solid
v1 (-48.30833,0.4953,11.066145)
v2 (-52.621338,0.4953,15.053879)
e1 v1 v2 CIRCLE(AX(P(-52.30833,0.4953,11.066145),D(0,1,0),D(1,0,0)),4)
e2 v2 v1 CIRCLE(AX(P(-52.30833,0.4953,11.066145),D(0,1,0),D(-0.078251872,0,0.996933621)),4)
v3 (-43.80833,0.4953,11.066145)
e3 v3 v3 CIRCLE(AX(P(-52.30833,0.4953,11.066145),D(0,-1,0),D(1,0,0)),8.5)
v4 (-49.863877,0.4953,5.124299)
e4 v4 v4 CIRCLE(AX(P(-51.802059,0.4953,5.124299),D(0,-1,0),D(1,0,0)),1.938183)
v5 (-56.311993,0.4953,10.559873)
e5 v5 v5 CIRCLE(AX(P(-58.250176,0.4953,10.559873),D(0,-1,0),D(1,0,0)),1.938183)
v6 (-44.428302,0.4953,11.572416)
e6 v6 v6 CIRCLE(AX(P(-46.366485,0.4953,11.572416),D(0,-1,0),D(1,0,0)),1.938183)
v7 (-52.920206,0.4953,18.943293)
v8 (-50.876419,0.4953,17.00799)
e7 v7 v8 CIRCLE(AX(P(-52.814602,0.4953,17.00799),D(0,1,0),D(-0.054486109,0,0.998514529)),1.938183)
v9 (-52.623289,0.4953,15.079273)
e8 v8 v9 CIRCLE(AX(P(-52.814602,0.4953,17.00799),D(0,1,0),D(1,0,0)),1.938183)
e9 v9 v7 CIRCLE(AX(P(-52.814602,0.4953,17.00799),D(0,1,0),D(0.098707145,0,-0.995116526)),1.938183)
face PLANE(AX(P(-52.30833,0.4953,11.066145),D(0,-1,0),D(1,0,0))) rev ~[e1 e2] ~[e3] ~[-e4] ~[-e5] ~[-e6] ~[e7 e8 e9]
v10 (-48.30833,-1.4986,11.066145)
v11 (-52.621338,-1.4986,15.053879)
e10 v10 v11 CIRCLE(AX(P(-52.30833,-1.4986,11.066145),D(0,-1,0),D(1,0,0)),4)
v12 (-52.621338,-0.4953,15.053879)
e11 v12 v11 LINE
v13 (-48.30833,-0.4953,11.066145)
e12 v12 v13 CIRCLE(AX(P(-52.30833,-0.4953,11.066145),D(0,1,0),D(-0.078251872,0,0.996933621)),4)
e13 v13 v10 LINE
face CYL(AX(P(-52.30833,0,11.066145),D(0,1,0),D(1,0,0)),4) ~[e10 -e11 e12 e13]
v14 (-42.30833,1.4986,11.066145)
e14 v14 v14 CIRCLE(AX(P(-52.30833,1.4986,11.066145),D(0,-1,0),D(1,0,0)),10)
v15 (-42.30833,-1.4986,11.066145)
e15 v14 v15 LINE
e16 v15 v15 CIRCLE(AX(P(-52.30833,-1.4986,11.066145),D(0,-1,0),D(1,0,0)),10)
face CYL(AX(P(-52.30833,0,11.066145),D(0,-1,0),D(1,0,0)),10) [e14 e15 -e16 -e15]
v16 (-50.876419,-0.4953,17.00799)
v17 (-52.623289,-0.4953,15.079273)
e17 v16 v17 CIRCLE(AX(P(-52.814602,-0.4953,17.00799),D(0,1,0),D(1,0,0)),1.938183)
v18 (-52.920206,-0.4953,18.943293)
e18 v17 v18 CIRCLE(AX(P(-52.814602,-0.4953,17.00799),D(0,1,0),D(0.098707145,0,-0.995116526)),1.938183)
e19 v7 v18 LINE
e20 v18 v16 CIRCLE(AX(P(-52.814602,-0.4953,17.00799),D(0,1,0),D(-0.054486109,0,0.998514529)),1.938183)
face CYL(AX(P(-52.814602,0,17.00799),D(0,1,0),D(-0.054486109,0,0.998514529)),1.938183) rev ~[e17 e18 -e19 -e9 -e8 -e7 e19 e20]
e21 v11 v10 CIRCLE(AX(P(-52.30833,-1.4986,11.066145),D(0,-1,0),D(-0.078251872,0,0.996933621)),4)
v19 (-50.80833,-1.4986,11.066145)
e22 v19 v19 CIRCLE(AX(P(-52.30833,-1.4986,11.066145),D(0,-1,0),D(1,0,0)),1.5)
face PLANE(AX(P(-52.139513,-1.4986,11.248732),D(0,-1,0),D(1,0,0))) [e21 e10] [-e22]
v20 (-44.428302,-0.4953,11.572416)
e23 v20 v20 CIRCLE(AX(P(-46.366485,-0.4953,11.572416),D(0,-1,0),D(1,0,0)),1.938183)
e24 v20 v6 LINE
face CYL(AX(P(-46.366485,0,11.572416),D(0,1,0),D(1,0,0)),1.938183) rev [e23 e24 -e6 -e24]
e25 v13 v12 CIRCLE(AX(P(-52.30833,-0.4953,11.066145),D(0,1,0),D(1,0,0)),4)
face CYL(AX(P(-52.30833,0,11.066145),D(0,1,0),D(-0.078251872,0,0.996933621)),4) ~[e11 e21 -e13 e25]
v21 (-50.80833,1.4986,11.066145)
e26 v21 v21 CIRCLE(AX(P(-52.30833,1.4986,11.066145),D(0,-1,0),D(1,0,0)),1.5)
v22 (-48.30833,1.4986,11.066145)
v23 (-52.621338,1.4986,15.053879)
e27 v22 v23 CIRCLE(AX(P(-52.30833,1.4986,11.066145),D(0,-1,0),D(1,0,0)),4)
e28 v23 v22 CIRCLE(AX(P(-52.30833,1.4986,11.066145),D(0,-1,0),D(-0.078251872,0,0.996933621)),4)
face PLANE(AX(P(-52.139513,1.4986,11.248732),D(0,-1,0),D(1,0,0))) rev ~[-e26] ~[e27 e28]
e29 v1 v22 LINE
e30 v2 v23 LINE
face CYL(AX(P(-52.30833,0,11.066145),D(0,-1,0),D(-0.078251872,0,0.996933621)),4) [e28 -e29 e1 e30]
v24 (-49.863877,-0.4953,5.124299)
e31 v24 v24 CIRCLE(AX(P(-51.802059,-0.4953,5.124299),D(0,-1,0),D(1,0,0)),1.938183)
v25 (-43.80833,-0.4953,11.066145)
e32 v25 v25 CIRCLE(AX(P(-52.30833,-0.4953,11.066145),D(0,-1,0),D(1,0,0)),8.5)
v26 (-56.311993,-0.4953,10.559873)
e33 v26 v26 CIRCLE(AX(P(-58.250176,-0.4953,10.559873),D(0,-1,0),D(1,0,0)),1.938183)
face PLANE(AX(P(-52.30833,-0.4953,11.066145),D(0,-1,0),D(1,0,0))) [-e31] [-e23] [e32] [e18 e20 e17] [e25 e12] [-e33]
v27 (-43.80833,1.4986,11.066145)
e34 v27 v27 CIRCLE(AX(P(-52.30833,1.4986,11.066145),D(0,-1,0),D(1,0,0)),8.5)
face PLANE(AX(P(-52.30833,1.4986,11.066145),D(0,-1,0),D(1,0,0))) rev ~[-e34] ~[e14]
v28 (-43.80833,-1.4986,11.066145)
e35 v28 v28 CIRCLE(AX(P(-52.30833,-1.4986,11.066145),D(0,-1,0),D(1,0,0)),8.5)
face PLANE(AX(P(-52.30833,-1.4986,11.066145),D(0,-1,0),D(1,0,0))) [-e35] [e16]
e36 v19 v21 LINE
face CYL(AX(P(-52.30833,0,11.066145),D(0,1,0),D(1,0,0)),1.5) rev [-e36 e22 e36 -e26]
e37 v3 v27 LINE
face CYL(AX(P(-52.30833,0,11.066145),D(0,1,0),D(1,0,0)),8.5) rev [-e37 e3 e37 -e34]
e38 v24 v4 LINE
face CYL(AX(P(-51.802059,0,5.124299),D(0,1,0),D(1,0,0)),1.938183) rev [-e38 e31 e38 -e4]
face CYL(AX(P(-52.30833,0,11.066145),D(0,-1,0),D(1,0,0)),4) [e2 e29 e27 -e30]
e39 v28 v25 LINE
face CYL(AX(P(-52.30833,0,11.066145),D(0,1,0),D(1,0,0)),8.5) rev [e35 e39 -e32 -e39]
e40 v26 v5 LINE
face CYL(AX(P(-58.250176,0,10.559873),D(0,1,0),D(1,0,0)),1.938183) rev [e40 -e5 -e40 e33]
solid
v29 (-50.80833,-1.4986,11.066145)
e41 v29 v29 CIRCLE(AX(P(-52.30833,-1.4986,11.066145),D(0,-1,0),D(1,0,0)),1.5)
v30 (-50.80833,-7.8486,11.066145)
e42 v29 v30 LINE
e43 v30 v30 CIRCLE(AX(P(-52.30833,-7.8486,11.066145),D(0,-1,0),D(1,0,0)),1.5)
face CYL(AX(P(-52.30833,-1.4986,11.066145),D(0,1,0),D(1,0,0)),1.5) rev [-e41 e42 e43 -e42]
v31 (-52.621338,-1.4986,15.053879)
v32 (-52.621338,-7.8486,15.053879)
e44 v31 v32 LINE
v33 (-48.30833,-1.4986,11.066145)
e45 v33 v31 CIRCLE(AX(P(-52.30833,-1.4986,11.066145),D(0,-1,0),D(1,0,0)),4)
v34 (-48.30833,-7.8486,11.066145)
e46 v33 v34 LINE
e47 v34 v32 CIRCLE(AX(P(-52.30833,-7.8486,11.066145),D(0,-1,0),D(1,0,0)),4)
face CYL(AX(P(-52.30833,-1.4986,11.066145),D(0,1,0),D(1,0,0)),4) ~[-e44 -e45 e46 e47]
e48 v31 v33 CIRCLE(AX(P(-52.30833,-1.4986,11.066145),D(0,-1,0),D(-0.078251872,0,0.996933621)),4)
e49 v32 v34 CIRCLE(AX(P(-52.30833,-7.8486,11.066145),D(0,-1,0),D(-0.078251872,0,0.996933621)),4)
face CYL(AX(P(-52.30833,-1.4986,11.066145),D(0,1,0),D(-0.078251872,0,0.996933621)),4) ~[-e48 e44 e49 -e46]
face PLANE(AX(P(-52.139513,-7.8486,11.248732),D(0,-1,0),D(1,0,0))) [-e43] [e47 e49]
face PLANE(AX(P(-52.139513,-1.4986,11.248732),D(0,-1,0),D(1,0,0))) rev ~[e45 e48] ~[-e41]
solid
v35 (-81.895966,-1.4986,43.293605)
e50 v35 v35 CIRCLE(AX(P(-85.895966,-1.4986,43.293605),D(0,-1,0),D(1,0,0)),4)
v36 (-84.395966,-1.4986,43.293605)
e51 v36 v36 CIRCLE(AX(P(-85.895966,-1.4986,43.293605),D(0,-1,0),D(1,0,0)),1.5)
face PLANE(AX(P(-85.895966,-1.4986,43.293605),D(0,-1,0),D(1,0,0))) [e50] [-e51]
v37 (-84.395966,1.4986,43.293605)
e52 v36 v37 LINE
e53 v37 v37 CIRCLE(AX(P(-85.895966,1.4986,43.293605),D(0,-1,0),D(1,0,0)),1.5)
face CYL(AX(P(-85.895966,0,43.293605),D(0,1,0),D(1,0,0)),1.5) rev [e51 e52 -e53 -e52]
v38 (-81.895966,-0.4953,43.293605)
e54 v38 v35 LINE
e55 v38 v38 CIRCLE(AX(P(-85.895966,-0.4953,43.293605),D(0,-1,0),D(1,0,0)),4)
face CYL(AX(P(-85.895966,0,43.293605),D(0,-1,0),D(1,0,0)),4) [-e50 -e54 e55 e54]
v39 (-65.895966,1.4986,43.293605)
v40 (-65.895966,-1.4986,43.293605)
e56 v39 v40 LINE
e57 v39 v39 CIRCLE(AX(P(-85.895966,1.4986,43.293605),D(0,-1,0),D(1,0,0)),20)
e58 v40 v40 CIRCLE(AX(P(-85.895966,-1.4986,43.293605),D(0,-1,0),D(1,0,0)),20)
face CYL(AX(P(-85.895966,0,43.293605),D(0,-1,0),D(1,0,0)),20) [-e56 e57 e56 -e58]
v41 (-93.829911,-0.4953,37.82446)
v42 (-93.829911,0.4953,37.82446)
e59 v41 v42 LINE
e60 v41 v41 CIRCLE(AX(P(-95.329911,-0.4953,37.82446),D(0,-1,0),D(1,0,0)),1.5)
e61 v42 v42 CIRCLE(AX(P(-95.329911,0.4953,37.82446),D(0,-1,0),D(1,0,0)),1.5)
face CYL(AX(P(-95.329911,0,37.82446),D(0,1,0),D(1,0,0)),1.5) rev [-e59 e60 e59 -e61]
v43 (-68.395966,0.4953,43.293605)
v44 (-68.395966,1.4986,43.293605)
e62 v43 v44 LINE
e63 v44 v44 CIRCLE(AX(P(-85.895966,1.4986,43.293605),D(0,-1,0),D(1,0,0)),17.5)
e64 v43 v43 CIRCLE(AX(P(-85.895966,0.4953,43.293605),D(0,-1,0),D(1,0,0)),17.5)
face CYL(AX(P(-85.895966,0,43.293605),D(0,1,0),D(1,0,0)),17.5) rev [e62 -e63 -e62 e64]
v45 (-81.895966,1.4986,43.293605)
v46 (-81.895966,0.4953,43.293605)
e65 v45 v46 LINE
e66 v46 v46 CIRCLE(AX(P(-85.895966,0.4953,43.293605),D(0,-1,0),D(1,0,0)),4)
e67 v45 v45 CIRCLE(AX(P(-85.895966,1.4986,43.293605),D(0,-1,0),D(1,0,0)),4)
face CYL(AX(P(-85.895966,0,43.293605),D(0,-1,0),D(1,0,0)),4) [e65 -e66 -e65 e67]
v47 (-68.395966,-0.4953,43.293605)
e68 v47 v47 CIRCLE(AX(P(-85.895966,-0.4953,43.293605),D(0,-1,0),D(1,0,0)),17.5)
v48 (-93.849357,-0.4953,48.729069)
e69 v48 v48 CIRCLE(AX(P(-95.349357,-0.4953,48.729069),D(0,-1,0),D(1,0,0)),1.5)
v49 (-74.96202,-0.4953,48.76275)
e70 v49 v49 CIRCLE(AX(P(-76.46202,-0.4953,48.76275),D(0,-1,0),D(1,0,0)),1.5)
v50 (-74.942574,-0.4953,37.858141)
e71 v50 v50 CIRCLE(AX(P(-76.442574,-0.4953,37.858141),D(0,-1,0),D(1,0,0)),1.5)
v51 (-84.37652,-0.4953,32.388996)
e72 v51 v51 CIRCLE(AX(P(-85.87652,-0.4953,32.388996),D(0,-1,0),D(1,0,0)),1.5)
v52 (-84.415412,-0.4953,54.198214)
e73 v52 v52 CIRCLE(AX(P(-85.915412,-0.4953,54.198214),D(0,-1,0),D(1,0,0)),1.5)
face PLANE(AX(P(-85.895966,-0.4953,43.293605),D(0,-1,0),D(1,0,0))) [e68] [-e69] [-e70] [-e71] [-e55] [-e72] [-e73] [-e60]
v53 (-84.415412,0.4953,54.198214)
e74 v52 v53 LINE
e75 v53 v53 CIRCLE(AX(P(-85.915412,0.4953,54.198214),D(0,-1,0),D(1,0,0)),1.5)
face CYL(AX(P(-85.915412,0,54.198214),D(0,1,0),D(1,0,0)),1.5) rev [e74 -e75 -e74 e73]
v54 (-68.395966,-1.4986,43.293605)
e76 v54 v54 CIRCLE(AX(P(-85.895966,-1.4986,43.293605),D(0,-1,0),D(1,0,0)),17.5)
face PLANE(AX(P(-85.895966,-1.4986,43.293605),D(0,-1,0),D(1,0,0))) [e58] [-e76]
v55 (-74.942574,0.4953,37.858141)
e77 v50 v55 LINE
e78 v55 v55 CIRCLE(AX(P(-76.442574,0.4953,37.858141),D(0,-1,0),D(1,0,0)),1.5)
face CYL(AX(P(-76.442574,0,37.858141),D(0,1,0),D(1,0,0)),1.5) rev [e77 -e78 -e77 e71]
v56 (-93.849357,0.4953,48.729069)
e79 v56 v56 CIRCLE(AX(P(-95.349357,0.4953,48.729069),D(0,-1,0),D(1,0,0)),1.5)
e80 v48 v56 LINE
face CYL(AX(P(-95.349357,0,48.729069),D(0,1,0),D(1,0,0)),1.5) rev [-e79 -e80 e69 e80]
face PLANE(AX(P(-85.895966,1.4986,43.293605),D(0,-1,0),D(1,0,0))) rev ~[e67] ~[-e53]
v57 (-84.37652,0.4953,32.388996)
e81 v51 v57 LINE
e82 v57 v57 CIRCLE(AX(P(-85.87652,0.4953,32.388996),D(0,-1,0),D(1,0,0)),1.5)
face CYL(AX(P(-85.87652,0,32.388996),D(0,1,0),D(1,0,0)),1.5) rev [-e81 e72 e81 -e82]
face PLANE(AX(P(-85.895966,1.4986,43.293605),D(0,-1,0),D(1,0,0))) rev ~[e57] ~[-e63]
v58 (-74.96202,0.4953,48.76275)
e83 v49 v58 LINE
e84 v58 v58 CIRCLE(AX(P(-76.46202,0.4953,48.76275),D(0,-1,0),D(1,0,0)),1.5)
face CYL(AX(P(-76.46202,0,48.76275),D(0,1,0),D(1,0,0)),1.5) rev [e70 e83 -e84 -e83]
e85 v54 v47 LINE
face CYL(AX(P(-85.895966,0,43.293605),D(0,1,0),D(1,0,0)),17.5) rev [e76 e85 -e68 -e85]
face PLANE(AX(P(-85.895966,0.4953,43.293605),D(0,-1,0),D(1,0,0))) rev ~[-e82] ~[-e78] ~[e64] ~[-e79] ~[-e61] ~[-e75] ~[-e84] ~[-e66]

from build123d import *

# Parameters (mm, degrees)
F0_R     = 20
F0_R_2   = 17.5
F1_DEPTH = 1.4986
F0_R_3   = 10
F0_R_4   = 8.5
F0_R_5   = 4
F0_R_6   = 1.5
F2_DEPTH = 0.4953
F0_R_7   = 1.9381825154
F3_DEPTH = 6.35


with BuildPart() as f1:
    # F0 (on Front) → F1 (new body, symmetric)
    with BuildSketch(Plane.XZ):
        with Locations((-85.8959655269, 43.2936050879)):
            Circle(F0_R)
        with Locations((-85.8959655269, 43.2936050879)):
            Circle(F0_R_2, mode=Mode.SUBTRACT)
    extrude(amount=F1_DEPTH, both=True)



with BuildPart() as f1b:
    # F0 (on Front) → F1, piece 2 (new body, symmetric)
    with BuildSketch(Plane.XZ):
        with Locations((-52.308330414, 11.0661446855)):
            Circle(F0_R_3)
        with Locations((-52.308330414, 11.0661446855)):
            Circle(F0_R_4, mode=Mode.SUBTRACT)
    extrude(amount=F1_DEPTH, both=True)



with BuildPart() as f1c:
    # F0 (on Front) → F1, piece 3 (new body, symmetric)
    with BuildSketch(Plane.XZ):
        with Locations((-85.8959655269, 43.2936050879)):
            Circle(F0_R_5)
        with Locations((-85.8959655269, 43.2936050879)):
            Circle(F0_R_6, mode=Mode.SUBTRACT)
    extrude(amount=F1_DEPTH, both=True)


with BuildPart() as f1d:
    # F0 (on Front) → F1, piece 4 (new body, symmetric)
    with BuildSketch(Plane.XZ):
        with BuildLine():
            ThreePointArc((-52.6213379004, 15.0538791693), (-55.0238386588, 8.129136859), (-48.308330414, 11.0661446855))
            ThreePointArc((-48.308330414, 11.0661446855), (-49.5928221693, 14.003152512), (-52.6213379004, 15.0538791693))
        make_face()
        with Locations((-52.308330414, 11.0661446855)):
            Circle(F0_R_6, mode=Mode.SUBTRACT)
    extrude(amount=F1_DEPTH, both=True)


with BuildPart() as f1_1:
    add(f1.part)

    add(f1c.part)  # F2 merges F1c
    # F0 (on Front) → F2 (join, symmetric)
    with BuildSketch(Plane.XZ):
        with Locations((-85.8959655269, 43.2936050879)):
            Circle(F0_R_2)
        with Locations((-95.3299110805, 37.8244597476)):
            Circle(F0_R_6, mode=Mode.SUBTRACT)
        with Locations((-85.876519502, 32.3889959104)):
            Circle(F0_R_6, mode=Mode.SUBTRACT)
        with Locations((-76.4425739484, 37.8581412507)):
            Circle(F0_R_6, mode=Mode.SUBTRACT)
        with Locations((-85.8959655269, 43.2936050879)):
            Circle(F0_R_5, mode=Mode.SUBTRACT)
        with Locations((-95.3493571054, 48.7290689251)):
            Circle(F0_R_6, mode=Mode.SUBTRACT)
        with Locations((-85.9154115517, 54.1982142654)):
            Circle(F0_R_6, mode=Mode.SUBTRACT)
        with Locations((-76.4620199733, 48.7627504282)):
            Circle(F0_R_6, mode=Mode.SUBTRACT)
    extrude(amount=F2_DEPTH, both=True)


with BuildPart() as f1b_1:
    add(f1b.part)

    add(f1d.part)  # F2#2 merges F1d
    # F0 (on Front) → F2, piece 2 (join, symmetric)
    with BuildSketch(Plane.XZ):
        with Locations((-52.308330414, 11.0661446855)):
            Circle(F0_R_4)
        with Locations((-58.2501758135, 10.5598734687)):
            Circle(F0_R_7, mode=Mode.SUBTRACT)
        with Locations((-51.8020591973, 5.1242992861)):
            Circle(F0_R_7, mode=Mode.SUBTRACT)
        with BuildLine():
            ThreePointArc((-52.6213379004, 15.0538791693), (-49.5928221693, 14.003152512), (-48.308330414, 11.0661446855))
            ThreePointArc((-48.308330414, 11.0661446855), (-55.0238386588, 8.129136859), (-52.6213379004, 15.0538791693))
        make_face(mode=Mode.SUBTRACT)
        with Locations((-46.3664850146, 11.5724159022)):
            Circle(F0_R_7, mode=Mode.SUBTRACT)
        with BuildLine():
            ThreePointArc((-50.8764191154, 17.0079900849), (-51.3780519565, 15.7068842105), (-52.6232891679, 15.0792726342))
            ThreePointArc((-52.6232891679, 15.0792726342), (-54.7470872761, 16.8594953252), (-52.9202056544, 18.9432934857))
            ThreePointArc((-52.9202056544, 18.9432934857), (-51.4819592198, 18.4153335638), (-50.8764191154, 17.0079900849))
        make_face(mode=Mode.SUBTRACT)
    extrude(amount=F2_DEPTH, both=True)


with BuildPart() as f3:
    # F3 (new): a face of the model
    f3_faces = [f1b_1.part.faces().sort_by_distance(p)[0] for p in [
        (-49.6696283411, -1.4986, 13.9200813859),
    ]]
    extrude(f3_faces, amount=F3_DEPTH)


solid = Compound([f1_1.part, f1b_1.part, f3.part])
